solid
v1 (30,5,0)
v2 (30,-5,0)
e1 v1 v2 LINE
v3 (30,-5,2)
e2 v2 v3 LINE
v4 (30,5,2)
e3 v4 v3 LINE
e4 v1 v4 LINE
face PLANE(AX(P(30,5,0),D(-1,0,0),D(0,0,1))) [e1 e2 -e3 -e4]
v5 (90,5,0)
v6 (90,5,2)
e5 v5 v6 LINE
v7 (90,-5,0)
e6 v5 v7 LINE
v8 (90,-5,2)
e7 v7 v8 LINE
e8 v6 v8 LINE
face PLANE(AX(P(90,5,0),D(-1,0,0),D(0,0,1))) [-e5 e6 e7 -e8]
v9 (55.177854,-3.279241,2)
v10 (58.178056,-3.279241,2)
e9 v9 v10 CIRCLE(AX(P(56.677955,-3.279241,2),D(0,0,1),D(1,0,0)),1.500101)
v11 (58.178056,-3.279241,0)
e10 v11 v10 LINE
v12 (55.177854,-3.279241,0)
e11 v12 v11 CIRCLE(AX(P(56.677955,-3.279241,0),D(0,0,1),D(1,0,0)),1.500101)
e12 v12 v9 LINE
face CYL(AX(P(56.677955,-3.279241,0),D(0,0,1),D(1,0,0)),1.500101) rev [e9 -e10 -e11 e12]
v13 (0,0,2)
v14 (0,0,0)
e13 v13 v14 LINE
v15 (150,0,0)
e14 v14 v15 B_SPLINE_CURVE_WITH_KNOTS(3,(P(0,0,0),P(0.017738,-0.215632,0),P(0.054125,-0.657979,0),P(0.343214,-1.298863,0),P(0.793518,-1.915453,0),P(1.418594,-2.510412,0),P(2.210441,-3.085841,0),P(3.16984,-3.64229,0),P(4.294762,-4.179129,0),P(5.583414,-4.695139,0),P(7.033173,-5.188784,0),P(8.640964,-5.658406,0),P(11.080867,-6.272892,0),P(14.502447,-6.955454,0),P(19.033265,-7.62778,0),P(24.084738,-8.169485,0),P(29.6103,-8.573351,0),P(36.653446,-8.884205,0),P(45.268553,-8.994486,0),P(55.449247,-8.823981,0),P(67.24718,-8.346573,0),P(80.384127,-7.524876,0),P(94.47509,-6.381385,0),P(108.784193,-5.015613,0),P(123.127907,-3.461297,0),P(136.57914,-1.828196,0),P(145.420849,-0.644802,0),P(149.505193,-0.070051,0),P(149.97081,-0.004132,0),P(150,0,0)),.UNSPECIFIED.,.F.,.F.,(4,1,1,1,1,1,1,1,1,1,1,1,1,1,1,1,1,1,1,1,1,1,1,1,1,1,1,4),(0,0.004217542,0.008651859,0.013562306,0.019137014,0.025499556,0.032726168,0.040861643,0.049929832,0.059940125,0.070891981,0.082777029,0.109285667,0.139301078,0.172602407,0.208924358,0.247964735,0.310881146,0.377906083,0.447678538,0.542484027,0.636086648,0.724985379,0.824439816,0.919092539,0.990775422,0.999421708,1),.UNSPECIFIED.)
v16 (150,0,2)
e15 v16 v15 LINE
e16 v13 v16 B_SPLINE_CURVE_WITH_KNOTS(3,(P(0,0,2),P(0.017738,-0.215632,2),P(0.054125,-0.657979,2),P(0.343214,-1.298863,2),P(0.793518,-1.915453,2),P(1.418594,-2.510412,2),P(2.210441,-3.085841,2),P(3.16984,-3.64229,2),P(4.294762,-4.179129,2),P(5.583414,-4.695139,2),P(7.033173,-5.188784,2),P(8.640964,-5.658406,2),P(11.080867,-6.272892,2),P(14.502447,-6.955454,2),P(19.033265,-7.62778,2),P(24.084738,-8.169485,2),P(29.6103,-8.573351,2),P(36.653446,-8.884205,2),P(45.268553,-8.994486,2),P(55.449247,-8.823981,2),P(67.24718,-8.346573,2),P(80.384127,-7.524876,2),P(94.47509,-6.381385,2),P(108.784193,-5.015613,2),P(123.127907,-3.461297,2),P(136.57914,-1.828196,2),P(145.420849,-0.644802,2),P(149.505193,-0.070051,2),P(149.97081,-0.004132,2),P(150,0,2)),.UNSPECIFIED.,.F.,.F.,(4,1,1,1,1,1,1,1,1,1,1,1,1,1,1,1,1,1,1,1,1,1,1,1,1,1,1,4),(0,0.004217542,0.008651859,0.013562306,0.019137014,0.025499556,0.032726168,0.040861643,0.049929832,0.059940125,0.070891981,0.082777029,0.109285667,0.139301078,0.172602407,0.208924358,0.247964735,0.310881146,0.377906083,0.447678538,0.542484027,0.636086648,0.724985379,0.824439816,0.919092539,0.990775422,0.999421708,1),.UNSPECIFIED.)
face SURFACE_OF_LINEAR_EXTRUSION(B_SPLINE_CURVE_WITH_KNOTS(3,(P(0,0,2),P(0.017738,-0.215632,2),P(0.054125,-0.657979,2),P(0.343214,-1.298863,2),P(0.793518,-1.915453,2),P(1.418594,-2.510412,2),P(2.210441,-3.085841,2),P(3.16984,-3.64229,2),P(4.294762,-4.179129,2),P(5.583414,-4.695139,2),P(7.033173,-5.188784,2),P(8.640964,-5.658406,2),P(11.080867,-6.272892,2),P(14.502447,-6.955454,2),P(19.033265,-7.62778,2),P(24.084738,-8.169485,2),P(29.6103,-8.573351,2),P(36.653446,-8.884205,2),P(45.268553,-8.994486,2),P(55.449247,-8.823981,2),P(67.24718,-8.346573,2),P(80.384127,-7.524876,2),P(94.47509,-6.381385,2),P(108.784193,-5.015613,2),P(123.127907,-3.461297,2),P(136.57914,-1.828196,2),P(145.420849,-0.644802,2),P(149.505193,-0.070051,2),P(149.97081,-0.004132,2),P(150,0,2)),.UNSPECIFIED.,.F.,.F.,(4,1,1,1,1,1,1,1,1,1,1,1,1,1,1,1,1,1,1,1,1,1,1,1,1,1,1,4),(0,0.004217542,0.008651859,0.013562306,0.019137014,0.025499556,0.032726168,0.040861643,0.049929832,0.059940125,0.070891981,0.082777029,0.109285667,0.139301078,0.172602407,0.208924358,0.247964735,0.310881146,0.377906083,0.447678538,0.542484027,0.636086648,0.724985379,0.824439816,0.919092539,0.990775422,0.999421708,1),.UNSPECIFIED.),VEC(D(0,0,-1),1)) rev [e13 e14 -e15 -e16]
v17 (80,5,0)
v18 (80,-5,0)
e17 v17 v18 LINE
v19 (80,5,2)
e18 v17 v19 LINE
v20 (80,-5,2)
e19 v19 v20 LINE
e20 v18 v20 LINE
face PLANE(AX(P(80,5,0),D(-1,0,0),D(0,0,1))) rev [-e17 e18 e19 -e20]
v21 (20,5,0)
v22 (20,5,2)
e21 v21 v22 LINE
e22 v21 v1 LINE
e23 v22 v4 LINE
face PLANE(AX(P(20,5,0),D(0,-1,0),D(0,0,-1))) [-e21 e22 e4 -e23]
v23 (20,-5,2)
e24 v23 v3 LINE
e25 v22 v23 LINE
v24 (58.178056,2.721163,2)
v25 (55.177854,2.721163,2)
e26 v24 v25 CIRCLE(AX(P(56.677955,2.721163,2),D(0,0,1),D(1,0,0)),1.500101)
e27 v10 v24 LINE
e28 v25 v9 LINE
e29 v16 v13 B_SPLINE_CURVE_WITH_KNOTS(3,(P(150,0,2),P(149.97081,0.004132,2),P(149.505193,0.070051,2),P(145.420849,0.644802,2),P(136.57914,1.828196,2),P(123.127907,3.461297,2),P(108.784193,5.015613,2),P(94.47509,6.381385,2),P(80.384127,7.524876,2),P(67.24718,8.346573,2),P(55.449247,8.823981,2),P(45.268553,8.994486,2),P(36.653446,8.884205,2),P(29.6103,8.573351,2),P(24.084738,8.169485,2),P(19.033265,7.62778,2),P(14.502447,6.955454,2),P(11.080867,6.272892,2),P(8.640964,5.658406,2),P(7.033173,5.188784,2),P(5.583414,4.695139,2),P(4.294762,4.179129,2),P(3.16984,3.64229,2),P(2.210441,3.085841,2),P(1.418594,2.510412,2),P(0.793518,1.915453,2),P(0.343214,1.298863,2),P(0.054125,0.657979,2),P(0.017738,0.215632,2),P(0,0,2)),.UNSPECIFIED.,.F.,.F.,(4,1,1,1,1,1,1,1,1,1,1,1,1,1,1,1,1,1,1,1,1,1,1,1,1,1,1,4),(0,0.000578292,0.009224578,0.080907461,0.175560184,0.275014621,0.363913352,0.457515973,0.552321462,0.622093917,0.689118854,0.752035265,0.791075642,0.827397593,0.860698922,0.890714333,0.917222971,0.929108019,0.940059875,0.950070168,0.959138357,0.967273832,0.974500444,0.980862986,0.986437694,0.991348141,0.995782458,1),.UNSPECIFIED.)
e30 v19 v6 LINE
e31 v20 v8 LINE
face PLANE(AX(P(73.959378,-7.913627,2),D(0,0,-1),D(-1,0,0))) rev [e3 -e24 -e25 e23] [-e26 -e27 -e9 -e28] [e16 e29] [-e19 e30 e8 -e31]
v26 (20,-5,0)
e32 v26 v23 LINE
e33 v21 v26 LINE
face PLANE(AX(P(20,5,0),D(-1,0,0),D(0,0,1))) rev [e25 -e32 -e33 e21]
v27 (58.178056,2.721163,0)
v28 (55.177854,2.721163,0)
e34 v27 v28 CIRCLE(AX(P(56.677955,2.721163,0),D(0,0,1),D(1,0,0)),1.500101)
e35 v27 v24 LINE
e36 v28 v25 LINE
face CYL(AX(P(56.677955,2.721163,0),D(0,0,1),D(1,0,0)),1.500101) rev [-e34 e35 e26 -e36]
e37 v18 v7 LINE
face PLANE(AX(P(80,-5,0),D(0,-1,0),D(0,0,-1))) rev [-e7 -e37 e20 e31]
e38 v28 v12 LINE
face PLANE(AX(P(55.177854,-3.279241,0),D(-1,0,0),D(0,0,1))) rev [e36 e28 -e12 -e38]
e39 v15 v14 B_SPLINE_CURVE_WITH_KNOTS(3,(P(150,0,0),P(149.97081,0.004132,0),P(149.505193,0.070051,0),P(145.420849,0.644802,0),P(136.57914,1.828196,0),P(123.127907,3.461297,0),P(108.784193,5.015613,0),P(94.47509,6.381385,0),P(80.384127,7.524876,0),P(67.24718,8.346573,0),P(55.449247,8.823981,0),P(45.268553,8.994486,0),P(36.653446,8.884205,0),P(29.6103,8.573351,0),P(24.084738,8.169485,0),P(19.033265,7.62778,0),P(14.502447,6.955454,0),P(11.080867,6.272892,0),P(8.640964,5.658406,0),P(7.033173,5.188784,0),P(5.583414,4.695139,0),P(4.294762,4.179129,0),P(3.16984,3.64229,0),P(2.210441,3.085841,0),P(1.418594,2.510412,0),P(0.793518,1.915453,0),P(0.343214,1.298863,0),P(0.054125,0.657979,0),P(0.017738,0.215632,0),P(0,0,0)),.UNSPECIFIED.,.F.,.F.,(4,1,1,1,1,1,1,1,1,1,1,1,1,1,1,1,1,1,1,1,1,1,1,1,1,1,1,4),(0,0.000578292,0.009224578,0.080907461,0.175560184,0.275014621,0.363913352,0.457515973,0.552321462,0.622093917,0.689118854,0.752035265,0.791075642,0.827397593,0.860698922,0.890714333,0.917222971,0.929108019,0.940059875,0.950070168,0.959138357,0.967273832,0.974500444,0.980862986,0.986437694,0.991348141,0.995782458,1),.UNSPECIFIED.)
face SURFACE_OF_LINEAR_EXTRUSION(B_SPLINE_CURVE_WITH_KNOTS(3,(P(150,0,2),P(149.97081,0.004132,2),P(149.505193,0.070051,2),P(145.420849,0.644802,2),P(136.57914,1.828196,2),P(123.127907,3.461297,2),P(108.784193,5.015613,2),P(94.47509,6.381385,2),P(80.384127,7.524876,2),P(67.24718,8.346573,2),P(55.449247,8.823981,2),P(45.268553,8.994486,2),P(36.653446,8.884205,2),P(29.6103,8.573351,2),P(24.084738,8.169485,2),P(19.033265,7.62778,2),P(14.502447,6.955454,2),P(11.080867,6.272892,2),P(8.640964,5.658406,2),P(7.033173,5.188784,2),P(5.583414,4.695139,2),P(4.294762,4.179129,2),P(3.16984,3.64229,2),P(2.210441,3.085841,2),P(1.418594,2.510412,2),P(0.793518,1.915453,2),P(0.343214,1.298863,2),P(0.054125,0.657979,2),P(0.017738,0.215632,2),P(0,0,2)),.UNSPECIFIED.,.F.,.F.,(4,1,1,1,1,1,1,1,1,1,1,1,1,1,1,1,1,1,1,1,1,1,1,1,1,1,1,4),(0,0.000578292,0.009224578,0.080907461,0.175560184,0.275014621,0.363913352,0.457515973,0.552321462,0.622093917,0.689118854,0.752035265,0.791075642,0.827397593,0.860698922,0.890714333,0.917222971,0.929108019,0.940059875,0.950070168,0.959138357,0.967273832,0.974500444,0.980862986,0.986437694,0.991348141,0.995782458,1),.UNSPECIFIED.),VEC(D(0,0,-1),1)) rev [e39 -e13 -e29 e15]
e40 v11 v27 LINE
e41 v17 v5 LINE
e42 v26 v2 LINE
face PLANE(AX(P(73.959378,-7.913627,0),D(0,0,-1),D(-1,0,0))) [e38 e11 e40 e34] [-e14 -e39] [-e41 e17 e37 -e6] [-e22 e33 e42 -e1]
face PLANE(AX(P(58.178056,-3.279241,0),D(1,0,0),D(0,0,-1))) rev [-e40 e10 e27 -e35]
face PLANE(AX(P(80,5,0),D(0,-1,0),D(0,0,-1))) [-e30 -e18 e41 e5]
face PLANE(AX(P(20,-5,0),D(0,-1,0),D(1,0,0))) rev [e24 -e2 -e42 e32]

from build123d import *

# Parameters (mm, degrees)
BOSS_EXTRUDE1_DEPTH = 2
SKETCH2_W           = 10
SKETCH2_H           = 10
CUT_EXTRUDE1_DEPTH  = 2
CUT_EXTRUDE2_DEPTH  = 2


with BuildPart() as part:
    # Sketch1 → Boss-Extrude1 (new body)
    with BuildSketch(Plane.XY):
        with BuildLine():
            add(Edge.make_bspline(
                [(0, 0), (0.017737679, 0.21563179), (0.054124727, 0.657978531), (0.343214492, 1.298862569), (0.793518335, 1.915453085), (1.418593739, 2.510411621), (2.210440726, 3.08584076), (3.169840337, 3.64229027), (4.294762462, 4.179129104), (5.583413569, 4.69513941), (7.033172592, 5.188783743), (8.640964446, 5.658406049), (11.080866503, 6.272892351), (14.502446863, 6.955454069), (19.033265173, 7.627780104), (24.084738243, 8.169485105), (29.61030038, 8.573350569), (36.653446176, 8.884204814), (45.268552866, 8.994485881), (55.449246929, 8.823980559), (67.247179838, 8.346573268), (80.384127491, 7.524875895), (94.475089666, 6.381384792), (108.784193237, 5.015612692), (123.127907022, 3.461297117), (136.57914049, 1.828195781), (145.420848795, 0.64480177), (149.505193273, 0.070051229), (149.970810304, 0.00413247), (150, 0)],
                knots=[0, 0, 0, 0, 0.004217542, 0.008651859, 0.013562306, 0.019137014, 0.025499556, 0.032726168, 0.040861643, 0.049929832, 0.059940125, 0.070891981, 0.082777029, 0.109285667, 0.139301078, 0.172602407, 0.208924358, 0.247964735, 0.310881146, 0.377906083, 0.447678538, 0.542484027, 0.636086648, 0.724985379, 0.824439816, 0.919092539, 0.990775422, 0.999421708, 1, 1, 1, 1], degree=3))
            add(Edge.make_bspline(
                [(0, 0), (0.017737679, -0.21563179), (0.054124727, -0.657978531), (0.343214492, -1.298862569), (0.793518335, -1.915453085), (1.418593739, -2.510411621), (2.210440726, -3.08584076), (3.169840337, -3.64229027), (4.294762462, -4.179129104), (5.583413569, -4.69513941), (7.033172592, -5.188783743), (8.640964446, -5.658406049), (11.080866503, -6.272892351), (14.502446863, -6.955454069), (19.033265173, -7.627780104), (24.084738243, -8.169485105), (29.61030038, -8.573350569), (36.653446176, -8.884204814), (45.268552866, -8.994485881), (55.449246929, -8.823980559), (67.247179838, -8.346573268), (80.384127491, -7.524875895), (94.475089666, -6.381384792), (108.784193237, -5.015612692), (123.127907022, -3.461297117), (136.57914049, -1.828195781), (145.420848795, -0.64480177), (149.505193273, -0.070051229), (149.970810304, -0.00413247), (150, 0)],
                knots=[0, 0, 0, 0, 0.004217542, 0.008651859, 0.013562306, 0.019137014, 0.025499556, 0.032726168, 0.040861643, 0.049929832, 0.059940125, 0.070891981, 0.082777029, 0.109285667, 0.139301078, 0.172602407, 0.208924358, 0.247964735, 0.310881146, 0.377906083, 0.447678538, 0.542484027, 0.636086648, 0.724985379, 0.824439816, 0.919092539, 0.990775422, 0.999421708, 1, 1, 1, 1], degree=3))
        make_face()
    extrude(amount=BOSS_EXTRUDE1_DEPTH)

    # Sketch2 → Cut-Extrude1 (cut)
    with BuildSketch(Plane.XY.offset(2)):
        with Locations((25, 0)):
            Rectangle(SKETCH2_W, SKETCH2_H)
        with Locations((85, 0)):
            Rectangle(SKETCH2_W, SKETCH2_H)
    extrude(amount=-CUT_EXTRUDE1_DEPTH, mode=Mode.SUBTRACT)

    # Sketch3 → Cut-Extrude2 (cut)
    with BuildSketch(Plane.XY.offset(2)):
        with BuildLine():
            Line((55.177854161, -3.279241302), (55.177854161, 2.721162631))
            ThreePointArc((55.177854161, 2.721162631), (56.677955144, 4.221263615), (58.178056128, 2.721162631))
            Line((58.178056128, 2.721162631), (58.178056128, -3.279241302))
            ThreePointArc((58.178056128, -3.279241302), (56.677955144, -4.779342285), (55.177854161, -3.279241302))
        make_face()
    extrude(amount=-CUT_EXTRUDE2_DEPTH, mode=Mode.SUBTRACT)


solid = part.part
